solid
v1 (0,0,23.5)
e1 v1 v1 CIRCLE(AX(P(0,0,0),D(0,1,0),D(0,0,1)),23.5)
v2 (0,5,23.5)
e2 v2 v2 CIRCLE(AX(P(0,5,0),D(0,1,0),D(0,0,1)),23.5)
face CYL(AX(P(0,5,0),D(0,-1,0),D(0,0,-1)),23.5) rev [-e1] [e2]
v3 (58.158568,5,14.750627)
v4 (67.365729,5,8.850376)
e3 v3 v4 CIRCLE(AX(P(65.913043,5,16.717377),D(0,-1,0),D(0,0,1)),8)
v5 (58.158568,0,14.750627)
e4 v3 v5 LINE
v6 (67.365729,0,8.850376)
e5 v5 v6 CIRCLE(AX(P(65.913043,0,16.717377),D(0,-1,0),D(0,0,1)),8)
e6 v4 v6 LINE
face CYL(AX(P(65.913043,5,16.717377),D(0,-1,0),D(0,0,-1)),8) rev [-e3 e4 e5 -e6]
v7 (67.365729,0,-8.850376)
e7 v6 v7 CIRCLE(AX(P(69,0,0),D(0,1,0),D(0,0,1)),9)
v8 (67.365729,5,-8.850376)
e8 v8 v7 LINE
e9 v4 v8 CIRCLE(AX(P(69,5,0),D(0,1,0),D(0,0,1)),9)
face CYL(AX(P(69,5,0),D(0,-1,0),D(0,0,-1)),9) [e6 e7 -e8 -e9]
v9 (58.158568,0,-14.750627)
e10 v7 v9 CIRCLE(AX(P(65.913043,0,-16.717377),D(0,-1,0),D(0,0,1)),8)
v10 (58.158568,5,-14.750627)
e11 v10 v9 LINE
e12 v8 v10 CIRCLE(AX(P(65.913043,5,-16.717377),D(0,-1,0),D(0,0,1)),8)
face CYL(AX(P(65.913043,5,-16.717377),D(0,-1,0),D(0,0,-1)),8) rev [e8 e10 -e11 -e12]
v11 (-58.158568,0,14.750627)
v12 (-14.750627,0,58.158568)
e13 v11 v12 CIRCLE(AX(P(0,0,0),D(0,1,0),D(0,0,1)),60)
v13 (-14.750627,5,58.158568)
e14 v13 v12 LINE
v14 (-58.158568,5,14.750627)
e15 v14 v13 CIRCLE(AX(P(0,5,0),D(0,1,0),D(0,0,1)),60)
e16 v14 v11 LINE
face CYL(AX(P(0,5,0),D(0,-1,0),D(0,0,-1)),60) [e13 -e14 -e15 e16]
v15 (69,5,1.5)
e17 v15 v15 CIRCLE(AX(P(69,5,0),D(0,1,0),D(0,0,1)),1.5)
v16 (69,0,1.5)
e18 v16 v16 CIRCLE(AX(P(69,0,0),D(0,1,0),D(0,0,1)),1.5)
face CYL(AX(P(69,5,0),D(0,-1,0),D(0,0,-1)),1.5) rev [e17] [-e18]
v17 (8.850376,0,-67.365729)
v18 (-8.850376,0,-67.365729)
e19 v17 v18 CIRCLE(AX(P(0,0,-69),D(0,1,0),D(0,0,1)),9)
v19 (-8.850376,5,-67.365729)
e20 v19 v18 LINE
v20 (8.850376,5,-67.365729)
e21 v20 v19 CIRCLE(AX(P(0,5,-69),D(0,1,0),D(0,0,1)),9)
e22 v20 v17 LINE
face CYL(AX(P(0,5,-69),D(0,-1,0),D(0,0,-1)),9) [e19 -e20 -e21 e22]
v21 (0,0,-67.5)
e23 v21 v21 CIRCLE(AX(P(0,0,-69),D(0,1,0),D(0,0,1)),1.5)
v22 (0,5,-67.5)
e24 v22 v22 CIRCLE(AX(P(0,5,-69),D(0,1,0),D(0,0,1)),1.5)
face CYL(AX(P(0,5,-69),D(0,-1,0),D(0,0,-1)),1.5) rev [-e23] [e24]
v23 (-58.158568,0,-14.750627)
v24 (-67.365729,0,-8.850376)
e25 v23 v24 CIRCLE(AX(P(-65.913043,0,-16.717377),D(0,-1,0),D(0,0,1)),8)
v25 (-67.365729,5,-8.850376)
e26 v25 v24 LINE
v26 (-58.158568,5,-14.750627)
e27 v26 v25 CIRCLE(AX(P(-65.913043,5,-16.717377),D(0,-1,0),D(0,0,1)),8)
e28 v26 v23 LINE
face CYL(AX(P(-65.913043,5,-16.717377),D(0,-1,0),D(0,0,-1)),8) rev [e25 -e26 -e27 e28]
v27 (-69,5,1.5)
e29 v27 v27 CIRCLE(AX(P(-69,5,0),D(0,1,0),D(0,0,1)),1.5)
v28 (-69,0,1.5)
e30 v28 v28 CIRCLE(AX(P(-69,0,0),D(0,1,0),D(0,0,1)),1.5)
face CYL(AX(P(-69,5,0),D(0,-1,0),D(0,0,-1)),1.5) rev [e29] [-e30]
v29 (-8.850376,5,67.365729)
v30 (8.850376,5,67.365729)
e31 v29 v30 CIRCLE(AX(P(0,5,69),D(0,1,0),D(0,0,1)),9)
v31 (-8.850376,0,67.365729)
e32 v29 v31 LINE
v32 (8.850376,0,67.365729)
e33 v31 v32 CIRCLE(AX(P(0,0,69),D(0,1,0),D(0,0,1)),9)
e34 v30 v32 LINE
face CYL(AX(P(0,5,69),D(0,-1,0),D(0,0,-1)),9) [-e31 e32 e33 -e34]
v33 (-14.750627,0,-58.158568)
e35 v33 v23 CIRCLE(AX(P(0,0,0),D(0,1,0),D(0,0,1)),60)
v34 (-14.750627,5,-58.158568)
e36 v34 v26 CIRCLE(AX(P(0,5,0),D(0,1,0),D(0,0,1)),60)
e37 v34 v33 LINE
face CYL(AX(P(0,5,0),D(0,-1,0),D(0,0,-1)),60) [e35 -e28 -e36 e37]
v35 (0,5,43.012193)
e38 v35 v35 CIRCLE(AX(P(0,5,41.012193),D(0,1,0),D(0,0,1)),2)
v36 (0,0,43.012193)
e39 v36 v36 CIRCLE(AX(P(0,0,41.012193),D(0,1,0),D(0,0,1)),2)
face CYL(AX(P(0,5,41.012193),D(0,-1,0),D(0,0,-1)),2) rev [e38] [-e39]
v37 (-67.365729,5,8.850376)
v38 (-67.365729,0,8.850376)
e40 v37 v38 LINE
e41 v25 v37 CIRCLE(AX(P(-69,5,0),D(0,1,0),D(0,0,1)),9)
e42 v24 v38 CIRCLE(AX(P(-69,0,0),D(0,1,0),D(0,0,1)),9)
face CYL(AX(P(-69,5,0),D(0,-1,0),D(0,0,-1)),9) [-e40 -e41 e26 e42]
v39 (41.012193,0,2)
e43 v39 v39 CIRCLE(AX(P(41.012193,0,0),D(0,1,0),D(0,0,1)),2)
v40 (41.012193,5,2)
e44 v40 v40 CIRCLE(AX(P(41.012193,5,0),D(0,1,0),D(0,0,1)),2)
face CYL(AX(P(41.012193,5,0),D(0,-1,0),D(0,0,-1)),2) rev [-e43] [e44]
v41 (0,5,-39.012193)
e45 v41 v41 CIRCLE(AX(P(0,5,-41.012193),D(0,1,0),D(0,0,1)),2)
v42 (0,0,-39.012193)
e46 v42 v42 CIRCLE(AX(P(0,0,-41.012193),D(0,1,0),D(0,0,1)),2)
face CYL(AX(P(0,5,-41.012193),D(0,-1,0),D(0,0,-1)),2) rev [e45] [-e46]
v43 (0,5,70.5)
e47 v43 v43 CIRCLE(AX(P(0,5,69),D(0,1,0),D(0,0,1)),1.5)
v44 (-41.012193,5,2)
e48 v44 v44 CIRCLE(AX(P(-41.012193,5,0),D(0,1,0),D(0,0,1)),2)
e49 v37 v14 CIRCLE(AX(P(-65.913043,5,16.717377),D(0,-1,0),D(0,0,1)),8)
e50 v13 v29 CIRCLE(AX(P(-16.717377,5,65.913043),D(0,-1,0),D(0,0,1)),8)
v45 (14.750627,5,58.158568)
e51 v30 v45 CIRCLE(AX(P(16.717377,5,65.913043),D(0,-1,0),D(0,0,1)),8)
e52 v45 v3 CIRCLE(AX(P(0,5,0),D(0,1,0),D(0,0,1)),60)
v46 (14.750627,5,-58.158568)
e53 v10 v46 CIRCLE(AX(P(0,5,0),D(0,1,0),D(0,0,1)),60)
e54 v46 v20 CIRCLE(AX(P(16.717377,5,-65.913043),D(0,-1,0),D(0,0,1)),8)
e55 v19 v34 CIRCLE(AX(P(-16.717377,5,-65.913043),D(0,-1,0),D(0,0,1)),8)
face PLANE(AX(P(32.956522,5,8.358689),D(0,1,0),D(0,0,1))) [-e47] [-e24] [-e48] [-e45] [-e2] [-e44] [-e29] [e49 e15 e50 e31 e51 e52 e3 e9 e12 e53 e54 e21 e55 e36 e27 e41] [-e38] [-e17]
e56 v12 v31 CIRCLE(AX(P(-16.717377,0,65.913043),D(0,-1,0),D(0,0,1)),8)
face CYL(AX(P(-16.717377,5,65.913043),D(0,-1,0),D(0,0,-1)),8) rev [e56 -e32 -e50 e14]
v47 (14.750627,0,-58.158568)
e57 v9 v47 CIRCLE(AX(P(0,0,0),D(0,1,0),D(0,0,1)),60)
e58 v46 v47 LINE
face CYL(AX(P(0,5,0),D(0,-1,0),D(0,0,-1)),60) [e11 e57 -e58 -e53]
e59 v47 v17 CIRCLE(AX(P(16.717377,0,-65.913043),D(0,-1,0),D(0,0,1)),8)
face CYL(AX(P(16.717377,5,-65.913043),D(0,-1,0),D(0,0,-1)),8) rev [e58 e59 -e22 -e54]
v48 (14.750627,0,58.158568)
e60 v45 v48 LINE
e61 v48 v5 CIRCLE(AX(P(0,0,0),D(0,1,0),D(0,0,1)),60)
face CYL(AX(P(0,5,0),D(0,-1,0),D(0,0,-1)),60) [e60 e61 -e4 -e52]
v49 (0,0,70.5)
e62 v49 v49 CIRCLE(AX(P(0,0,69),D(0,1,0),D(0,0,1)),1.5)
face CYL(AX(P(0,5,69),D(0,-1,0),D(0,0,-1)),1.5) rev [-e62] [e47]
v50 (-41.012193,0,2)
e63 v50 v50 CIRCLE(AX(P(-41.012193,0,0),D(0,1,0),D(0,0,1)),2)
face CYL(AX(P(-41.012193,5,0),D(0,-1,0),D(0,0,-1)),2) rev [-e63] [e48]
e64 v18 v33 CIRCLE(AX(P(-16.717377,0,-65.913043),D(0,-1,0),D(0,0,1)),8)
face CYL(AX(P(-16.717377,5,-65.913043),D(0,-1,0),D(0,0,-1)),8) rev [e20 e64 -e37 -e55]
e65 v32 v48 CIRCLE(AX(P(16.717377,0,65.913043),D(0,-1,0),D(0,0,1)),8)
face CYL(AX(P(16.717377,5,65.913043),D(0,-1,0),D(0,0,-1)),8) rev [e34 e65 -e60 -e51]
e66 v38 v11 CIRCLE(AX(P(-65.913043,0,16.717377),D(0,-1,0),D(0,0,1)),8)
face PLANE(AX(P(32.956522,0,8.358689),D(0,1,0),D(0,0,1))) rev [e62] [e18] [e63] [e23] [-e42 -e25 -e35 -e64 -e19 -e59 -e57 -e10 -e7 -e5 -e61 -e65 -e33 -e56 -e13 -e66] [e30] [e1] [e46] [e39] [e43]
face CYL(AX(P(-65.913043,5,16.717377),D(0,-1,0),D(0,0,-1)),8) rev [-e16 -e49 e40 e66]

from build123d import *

# Parameters (mm, degrees)
SKETCH1_R           = 23.5
SKETCH1_R_2         = 1.5
SKETCH1_R_3         = 2
BOSS_EXTRUDE1_DEPTH = 5


with BuildPart() as part:
    # Sketch1 → Boss-Extrude1 (new body)
    with BuildSketch(Plane(origin=(0, 0, 0), x_dir=(1, 0, 0), z_dir=(0, 1, 0))):
        with BuildLine():
            ThreePointArc((58.158567775, 14.750626914), (42.426406871, 42.426406871), (14.750626914, 58.158567775))
            ThreePointArc((14.750626914, 58.158567775), (9.981753959, 61.596635254), (8.850376149, 67.3657289))
            ThreePointArc((8.850376149, 67.3657289), (0, 78), (-8.850376149, 67.3657289))
            ThreePointArc((-8.850376149, 67.3657289), (-9.981753959, 61.596635254), (-14.750626914, 58.158567775))
            ThreePointArc((-14.750626914, 58.158567775), (-42.426406871, 42.426406871), (-58.158567775, 14.750626914))
            ThreePointArc((-58.158567775, 14.750626914), (-61.596635254, 9.981753959), (-67.3657289, 8.850376149))
            ThreePointArc((-67.3657289, 8.850376149), (-78, 0), (-67.3657289, -8.850376149))
            ThreePointArc((-67.3657289, -8.850376149), (-61.596635254, -9.981753959), (-58.158567775, -14.750626914))
            ThreePointArc((-58.158567775, -14.750626914), (-42.426406871, -42.426406871), (-14.750626914, -58.158567775))
            ThreePointArc((-14.750626914, -58.158567775), (-9.981753959, -61.596635254), (-8.850376149, -67.3657289))
            ThreePointArc((-8.850376149, -67.3657289), (0, -78), (8.850376149, -67.3657289))
            ThreePointArc((8.850376149, -67.3657289), (9.981753959, -61.596635254), (14.750626914, -58.158567775))
            ThreePointArc((14.750626914, -58.158567775), (42.426406871, -42.426406871), (58.158567775, -14.750626914))
            ThreePointArc((58.158567775, -14.750626914), (61.596635254, -9.981753959), (67.3657289, -8.850376149))
            ThreePointArc((67.3657289, -8.850376149), (78, 0), (67.3657289, 8.850376149))
            ThreePointArc((67.3657289, 8.850376149), (61.596635254, 9.981753959), (58.158567775, 14.750626914))
        make_face()
        Circle(SKETCH1_R, mode=Mode.SUBTRACT)
        with Locations((69, 0)):
            Circle(SKETCH1_R_2, mode=Mode.SUBTRACT)
        with Locations((41.01219331, 0)):
            Circle(SKETCH1_R_3, mode=Mode.SUBTRACT)
        with Locations((0, 41.01219331)):
            Circle(SKETCH1_R_3, mode=Mode.SUBTRACT)
        with Locations((-41.01219331, 0)):
            Circle(SKETCH1_R_3, mode=Mode.SUBTRACT)
        with Locations((0, -41.01219331)):
            Circle(SKETCH1_R_3, mode=Mode.SUBTRACT)
        with Locations((0, 69)):
            Circle(SKETCH1_R_2, mode=Mode.SUBTRACT)
        with Locations((0, -69)):
            Circle(SKETCH1_R_2, mode=Mode.SUBTRACT)
        with Locations((-69, 0)):
            Circle(SKETCH1_R_2, mode=Mode.SUBTRACT)
    extrude(amount=BOSS_EXTRUDE1_DEPTH)


solid = part.part
